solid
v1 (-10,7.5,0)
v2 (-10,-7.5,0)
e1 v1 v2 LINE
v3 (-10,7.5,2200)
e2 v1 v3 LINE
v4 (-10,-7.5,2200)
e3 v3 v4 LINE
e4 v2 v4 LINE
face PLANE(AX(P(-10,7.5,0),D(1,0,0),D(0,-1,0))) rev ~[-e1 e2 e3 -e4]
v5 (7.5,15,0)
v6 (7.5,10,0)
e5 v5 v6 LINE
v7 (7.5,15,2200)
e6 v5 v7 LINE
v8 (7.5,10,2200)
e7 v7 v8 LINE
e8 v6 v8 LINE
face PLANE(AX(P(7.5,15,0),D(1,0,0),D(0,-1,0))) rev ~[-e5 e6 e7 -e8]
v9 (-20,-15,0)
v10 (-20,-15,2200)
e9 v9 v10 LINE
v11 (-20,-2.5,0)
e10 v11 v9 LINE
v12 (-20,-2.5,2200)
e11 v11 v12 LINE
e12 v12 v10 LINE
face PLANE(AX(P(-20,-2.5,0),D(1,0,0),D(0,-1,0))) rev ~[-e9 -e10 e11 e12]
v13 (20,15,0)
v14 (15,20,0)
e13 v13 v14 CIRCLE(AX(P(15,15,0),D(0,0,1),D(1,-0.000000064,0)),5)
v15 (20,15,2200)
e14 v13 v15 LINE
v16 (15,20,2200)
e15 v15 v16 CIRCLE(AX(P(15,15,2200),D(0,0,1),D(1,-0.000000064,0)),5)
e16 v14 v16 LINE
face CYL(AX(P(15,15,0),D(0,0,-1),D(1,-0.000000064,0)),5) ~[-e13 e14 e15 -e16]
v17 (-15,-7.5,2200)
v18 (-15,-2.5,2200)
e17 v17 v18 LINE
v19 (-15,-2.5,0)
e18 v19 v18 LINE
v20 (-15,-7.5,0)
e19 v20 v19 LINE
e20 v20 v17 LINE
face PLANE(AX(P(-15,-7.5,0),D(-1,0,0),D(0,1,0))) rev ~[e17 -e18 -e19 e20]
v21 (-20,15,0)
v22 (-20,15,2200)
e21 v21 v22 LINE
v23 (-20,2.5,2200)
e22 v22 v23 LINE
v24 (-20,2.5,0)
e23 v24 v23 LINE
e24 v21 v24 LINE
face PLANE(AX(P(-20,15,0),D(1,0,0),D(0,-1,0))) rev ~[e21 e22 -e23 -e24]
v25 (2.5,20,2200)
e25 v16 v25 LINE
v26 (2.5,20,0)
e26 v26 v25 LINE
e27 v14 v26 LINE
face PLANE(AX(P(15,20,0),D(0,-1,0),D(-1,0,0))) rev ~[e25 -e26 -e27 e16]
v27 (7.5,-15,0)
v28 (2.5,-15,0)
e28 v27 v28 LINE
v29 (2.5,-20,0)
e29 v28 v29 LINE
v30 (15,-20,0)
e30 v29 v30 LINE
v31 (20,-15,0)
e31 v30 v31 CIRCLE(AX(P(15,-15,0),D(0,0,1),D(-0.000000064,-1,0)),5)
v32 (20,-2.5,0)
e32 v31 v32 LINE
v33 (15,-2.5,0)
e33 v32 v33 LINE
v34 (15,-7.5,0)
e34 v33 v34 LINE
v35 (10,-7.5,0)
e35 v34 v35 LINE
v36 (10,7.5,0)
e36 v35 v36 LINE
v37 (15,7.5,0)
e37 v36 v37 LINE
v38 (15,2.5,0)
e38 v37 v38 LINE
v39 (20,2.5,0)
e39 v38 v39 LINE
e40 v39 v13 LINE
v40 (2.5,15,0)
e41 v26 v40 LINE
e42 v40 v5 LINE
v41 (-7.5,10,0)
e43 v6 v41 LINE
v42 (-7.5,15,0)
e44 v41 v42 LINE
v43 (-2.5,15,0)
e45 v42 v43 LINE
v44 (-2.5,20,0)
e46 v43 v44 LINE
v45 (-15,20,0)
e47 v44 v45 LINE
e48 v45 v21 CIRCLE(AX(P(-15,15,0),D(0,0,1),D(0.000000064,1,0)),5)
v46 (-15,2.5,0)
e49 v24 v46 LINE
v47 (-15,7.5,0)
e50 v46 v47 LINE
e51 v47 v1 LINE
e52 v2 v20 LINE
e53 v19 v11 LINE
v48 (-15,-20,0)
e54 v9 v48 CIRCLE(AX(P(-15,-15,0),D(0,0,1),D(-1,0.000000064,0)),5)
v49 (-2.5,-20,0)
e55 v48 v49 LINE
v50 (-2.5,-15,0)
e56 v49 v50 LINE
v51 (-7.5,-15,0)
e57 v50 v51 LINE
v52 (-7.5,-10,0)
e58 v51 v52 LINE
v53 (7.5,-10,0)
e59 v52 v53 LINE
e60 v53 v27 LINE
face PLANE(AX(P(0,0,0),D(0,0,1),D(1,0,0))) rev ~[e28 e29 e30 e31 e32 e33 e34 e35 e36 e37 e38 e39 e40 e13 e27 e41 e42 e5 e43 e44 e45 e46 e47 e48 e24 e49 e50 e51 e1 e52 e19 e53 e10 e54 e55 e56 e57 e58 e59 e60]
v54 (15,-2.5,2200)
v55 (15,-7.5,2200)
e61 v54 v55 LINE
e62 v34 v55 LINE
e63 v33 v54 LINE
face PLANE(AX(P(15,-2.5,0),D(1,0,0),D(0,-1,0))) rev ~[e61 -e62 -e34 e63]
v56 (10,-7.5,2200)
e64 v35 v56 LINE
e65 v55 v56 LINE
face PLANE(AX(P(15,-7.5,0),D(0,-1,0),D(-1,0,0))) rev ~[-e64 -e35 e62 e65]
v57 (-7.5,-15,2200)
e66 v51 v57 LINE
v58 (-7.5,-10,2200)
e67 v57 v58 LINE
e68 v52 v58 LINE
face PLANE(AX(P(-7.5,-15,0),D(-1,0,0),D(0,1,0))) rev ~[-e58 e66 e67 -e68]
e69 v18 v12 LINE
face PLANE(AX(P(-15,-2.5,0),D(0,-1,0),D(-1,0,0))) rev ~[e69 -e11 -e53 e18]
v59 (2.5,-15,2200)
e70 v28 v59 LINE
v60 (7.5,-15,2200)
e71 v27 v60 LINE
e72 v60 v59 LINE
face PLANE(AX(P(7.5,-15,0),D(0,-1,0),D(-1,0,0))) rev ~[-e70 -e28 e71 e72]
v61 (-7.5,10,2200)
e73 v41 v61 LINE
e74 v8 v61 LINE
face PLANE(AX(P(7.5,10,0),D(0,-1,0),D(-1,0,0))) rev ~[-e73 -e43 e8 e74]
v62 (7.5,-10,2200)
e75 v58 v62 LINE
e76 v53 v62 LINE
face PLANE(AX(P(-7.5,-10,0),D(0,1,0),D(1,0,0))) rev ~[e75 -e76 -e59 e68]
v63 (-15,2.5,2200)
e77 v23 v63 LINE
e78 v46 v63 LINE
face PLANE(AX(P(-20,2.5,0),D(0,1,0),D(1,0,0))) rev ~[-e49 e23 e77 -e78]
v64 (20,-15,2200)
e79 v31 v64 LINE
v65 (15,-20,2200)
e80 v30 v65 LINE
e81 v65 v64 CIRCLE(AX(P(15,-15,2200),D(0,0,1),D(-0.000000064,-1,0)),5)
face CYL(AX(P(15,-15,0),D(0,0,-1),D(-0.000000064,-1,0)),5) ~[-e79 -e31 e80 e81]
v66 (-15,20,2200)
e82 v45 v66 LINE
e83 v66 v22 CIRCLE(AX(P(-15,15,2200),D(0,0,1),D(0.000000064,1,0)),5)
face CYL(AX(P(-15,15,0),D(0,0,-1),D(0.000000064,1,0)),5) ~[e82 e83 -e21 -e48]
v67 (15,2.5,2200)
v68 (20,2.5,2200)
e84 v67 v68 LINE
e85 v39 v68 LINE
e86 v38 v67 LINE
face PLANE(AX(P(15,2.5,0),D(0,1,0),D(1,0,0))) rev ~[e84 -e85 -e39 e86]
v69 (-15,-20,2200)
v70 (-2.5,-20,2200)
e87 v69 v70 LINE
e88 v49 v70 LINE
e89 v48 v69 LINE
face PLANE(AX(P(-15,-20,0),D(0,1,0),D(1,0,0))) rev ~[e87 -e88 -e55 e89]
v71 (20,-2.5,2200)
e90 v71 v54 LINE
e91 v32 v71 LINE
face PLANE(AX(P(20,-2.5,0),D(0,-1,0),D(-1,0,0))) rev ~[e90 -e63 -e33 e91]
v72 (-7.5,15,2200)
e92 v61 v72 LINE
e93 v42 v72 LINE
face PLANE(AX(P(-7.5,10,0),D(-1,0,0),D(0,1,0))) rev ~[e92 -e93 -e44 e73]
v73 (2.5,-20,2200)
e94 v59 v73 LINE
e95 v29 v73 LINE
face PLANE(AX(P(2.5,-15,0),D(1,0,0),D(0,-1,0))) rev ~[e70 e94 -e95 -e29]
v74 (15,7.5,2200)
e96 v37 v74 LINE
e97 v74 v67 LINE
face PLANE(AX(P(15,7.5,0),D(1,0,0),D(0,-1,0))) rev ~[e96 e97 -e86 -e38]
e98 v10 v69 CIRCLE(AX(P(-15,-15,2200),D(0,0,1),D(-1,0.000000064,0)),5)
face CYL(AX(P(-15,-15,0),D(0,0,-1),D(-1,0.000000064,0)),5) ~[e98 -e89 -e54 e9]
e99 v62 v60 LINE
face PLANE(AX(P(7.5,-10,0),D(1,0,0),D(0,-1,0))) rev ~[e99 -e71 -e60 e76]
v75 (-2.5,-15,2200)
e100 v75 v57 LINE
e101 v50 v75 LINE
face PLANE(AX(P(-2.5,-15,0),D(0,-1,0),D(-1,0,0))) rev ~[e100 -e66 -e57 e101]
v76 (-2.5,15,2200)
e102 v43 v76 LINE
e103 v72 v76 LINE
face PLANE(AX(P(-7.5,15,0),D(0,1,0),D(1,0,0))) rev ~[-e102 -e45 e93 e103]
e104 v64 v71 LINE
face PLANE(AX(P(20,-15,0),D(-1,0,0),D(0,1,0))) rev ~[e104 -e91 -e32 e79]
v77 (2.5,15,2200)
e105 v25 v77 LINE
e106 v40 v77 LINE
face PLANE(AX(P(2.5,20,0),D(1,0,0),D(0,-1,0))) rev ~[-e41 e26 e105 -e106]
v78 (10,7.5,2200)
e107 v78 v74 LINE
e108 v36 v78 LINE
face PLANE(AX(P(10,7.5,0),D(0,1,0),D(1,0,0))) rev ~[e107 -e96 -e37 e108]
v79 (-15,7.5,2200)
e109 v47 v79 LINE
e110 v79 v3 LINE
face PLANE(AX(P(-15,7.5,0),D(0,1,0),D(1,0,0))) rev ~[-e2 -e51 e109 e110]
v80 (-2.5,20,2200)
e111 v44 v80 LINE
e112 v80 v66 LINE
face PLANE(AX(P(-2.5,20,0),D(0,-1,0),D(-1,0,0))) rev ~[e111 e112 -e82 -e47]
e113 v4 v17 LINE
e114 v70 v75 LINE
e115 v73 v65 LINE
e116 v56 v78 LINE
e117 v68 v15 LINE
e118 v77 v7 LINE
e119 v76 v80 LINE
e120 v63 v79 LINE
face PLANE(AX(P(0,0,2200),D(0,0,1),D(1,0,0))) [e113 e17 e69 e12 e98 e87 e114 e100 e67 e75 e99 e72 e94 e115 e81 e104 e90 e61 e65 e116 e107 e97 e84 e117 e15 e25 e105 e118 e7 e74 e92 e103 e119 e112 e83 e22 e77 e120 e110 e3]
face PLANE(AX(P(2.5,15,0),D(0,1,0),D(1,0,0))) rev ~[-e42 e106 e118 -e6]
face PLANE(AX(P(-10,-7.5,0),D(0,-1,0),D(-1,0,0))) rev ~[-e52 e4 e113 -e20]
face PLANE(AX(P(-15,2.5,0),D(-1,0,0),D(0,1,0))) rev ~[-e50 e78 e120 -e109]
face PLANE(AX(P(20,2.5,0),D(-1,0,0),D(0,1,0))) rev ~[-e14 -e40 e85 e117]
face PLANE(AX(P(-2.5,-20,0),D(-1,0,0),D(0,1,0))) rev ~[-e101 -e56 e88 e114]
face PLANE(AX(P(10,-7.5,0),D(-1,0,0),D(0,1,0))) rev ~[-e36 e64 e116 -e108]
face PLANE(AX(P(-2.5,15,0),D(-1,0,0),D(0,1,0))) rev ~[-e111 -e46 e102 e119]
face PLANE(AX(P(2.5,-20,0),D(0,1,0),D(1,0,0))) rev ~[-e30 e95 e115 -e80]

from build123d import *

# Parameters (mm, degrees)
F1_DEPTH = 2200


with BuildPart() as f1:
    # F0 (on Top) → F1 (new body)
    with BuildSketch(Plane.XY):
        with BuildLine():
            Line((-2.5, 20), (-15, 20))
            ThreePointArc((-15, 20), (-18.535534, 18.535534), (-20, 15))
            Line((-20, 15), (-20, 2.5))
            Line((-20, 2.5), (-15, 2.5))
            Line((-15, 2.5), (-15, 7.5))
            Line((-15, 7.5), (-10, 7.5))
            Line((-10, 7.5), (-10, -7.5))
            Line((-10, -7.5), (-15, -7.5))
            Line((-15, -7.5), (-15, -2.5))
            Line((-15, -2.5), (-20, -2.5))
            Line((-20, -2.5), (-20, -15))
            ThreePointArc((-20, -15), (-18.535534, -18.535534), (-15, -20))
            Line((-15, -20), (-2.5, -20))
            Line((-2.5, -20), (-2.5, -15))
            Line((-2.5, -15), (-7.5, -15))
            Line((-7.5, -15), (-7.5, -10))
            Line((-7.5, -10), (7.5, -10))
            Line((7.5, -10), (7.5, -15))
            Line((7.5, -15), (2.5, -15))
            Line((2.5, -15), (2.5, -20))
            Line((2.5, -20), (15, -20))
            ThreePointArc((15, -20), (18.535534, -18.535534), (20, -15))
            Line((20, -15), (20, -2.5))
            Line((20, -2.5), (15, -2.5))
            Line((15, -2.5), (15, -7.5))
            Line((15, -7.5), (10, -7.5))
            Line((10, -7.5), (10, 7.5))
            Line((10, 7.5), (15, 7.5))
            Line((15, 7.5), (15, 2.5))
            Line((15, 2.5), (20, 2.5))
            Line((20, 2.5), (20, 15))
            ThreePointArc((20, 15), (18.535534, 18.535534), (15, 20))
            Line((15, 20), (2.5, 20))
            Line((2.5, 20), (2.5, 15))
            Line((2.5, 15), (7.5, 15))
            Line((7.5, 15), (7.5, 10))
            Line((7.5, 10), (-7.5, 10))
            Line((-7.5, 10), (-7.5, 15))
            Line((-7.5, 15), (-2.5, 15))
            Line((-2.5, 15), (-2.5, 20))
        make_face()
    extrude(amount=F1_DEPTH)


solid = f1.part
